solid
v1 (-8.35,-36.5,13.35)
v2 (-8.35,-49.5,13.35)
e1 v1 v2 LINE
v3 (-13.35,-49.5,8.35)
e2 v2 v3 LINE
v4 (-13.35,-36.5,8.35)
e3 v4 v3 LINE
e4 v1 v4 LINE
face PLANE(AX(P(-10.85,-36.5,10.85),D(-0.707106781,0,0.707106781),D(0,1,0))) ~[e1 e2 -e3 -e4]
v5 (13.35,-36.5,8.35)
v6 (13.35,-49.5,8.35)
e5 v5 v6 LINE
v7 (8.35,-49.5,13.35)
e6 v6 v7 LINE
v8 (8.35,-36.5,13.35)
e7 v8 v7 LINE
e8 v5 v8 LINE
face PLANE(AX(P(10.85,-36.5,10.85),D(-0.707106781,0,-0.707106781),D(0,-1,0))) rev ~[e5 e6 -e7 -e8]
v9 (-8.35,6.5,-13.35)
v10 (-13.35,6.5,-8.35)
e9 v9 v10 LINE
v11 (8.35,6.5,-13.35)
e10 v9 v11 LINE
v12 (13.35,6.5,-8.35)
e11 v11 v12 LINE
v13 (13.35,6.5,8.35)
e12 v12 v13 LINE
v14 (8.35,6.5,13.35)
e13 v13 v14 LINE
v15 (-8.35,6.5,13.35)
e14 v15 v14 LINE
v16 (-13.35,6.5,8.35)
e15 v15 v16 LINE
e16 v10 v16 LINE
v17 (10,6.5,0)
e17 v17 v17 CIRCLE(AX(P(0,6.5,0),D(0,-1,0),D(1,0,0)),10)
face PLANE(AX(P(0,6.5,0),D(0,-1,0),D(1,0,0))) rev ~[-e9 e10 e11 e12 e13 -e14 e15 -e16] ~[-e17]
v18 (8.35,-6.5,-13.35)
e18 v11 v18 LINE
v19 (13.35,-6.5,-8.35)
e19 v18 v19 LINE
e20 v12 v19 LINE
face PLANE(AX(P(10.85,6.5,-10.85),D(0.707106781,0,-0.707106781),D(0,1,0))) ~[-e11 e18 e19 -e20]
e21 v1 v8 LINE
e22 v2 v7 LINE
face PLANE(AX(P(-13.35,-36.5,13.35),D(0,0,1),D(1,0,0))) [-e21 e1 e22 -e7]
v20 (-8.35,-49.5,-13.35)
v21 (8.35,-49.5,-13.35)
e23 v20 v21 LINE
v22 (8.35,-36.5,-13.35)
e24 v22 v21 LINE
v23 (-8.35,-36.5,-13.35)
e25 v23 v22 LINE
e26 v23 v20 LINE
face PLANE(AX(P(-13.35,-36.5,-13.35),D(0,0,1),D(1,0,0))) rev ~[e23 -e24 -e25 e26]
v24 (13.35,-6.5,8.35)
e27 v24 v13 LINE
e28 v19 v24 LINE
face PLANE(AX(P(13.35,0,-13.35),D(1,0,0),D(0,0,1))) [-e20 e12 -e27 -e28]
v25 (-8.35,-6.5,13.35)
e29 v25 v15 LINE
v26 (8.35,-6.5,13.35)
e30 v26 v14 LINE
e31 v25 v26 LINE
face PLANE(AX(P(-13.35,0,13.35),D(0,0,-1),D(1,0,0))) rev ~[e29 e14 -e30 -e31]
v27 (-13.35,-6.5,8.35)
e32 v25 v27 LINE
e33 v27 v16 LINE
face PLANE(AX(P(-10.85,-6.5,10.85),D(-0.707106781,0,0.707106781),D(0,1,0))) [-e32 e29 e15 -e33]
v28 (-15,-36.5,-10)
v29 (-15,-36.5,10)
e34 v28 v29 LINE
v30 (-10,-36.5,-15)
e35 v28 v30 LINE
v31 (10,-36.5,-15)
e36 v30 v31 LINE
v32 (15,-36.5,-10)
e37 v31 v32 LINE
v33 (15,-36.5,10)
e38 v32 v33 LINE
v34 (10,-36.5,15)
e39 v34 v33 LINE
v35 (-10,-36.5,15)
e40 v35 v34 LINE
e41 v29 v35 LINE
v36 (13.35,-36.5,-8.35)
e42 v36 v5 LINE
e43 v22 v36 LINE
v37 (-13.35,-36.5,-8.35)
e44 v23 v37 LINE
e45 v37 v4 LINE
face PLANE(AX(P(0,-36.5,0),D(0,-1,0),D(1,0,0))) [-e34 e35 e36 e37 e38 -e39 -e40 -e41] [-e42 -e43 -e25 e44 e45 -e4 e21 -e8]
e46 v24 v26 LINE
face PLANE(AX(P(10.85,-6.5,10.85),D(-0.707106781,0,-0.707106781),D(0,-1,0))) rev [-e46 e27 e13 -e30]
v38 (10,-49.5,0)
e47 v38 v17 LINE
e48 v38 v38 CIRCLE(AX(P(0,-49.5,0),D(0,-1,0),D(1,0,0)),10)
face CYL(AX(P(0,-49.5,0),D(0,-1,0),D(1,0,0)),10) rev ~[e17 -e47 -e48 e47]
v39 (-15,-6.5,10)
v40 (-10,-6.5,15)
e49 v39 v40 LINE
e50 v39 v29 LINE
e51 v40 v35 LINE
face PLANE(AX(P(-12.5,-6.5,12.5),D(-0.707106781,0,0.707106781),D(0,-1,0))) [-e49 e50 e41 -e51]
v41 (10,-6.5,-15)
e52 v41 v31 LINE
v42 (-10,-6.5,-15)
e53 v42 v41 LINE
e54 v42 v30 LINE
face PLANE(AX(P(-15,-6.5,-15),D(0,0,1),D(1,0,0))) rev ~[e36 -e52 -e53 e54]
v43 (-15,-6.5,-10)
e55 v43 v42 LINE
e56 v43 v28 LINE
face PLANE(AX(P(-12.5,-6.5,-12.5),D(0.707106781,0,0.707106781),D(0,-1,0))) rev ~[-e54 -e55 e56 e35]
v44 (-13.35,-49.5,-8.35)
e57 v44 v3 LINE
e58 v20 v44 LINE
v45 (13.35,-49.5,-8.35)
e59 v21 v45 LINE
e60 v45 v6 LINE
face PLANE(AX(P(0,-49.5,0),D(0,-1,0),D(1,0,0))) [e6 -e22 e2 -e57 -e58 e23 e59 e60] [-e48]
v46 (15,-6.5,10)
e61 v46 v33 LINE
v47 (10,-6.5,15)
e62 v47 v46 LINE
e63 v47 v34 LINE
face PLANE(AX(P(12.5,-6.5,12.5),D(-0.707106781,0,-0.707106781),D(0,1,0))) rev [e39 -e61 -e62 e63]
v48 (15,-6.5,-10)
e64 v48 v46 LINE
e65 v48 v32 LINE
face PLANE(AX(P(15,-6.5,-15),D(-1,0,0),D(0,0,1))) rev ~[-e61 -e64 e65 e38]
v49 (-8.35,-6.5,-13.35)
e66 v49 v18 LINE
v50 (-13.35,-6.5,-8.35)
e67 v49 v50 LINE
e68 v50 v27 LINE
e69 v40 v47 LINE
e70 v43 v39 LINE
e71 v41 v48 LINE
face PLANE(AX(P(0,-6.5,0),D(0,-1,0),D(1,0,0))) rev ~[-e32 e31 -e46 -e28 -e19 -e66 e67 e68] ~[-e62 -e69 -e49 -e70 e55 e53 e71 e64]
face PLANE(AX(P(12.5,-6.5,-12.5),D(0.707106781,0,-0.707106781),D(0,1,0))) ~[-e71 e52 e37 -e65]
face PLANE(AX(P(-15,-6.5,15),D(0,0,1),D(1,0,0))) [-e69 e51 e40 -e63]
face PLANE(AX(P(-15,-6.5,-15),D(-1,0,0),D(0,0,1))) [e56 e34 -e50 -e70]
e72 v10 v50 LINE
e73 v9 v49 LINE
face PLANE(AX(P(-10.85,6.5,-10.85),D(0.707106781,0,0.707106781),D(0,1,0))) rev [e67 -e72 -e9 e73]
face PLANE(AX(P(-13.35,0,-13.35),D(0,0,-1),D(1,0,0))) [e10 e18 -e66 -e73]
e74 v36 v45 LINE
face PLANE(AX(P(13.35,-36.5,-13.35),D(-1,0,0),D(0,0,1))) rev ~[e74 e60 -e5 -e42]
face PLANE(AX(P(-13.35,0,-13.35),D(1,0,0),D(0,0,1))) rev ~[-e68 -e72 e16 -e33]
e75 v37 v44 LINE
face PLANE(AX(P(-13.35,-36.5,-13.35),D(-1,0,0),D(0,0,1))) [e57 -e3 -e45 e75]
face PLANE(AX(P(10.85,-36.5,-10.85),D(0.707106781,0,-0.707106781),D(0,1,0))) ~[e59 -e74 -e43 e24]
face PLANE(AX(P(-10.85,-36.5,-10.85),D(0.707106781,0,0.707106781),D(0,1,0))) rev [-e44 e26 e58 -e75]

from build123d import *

# Parameters (mm, degrees)
F0_W     = 26.7
F0_H     = 26.7
F1_DEPTH = 6.5
F2_W     = 30
F2_H     = 30
F3_DEPTH = 30
F4_W     = 26.7
F4_H     = 26.7
F5_DEPTH = 13
F6_SIZE  = 5
F7_R     = 10
F8_DEPTH = 56.001


with BuildPart() as f1:
    # F0 (on Front) → F1 (new body, symmetric)
    with BuildSketch(Plane.XZ):
        Rectangle(F0_W, F0_H)
    extrude(amount=F1_DEPTH, both=True)

    # F2 (on face) → F3 (join)
    with BuildSketch(Plane.XZ.offset(6.5)):
        Rectangle(F2_W, F2_H)
    extrude(amount=F3_DEPTH)

    # F4 (on face) → F5 (join)
    with BuildSketch(Plane.XZ.offset(36.5)):
        Rectangle(F4_W, F4_H)
    extrude(amount=F5_DEPTH)

    # F6
    f6_edges = [f1.edges().sort_by_distance(p)[0] for p in [
        (13.35, -43, 13.35),
        (13.35, 0, 13.35),
        (13.35, -43, -13.35),
        (13.35, 0, -13.35),
        (-13.35, -43, 13.35),
        (-13.35, -43, -13.35),
        (-13.35, 0, -13.35),
        (-13.35, 0, 13.35),
        (15, -21.5, 15),
        (-15, -21.5, 15),
        (15, -21.5, -15),
        (-15, -21.5, -15),
    ]]
    chamfer(f6_edges, length=F6_SIZE)

    # F7 (on face) → F8 (cut, through all)
    with BuildSketch(Plane.XZ.offset(49.5)):
        Circle(F7_R)
    extrude(amount=-F8_DEPTH, mode=Mode.SUBTRACT)


solid = f1.part
